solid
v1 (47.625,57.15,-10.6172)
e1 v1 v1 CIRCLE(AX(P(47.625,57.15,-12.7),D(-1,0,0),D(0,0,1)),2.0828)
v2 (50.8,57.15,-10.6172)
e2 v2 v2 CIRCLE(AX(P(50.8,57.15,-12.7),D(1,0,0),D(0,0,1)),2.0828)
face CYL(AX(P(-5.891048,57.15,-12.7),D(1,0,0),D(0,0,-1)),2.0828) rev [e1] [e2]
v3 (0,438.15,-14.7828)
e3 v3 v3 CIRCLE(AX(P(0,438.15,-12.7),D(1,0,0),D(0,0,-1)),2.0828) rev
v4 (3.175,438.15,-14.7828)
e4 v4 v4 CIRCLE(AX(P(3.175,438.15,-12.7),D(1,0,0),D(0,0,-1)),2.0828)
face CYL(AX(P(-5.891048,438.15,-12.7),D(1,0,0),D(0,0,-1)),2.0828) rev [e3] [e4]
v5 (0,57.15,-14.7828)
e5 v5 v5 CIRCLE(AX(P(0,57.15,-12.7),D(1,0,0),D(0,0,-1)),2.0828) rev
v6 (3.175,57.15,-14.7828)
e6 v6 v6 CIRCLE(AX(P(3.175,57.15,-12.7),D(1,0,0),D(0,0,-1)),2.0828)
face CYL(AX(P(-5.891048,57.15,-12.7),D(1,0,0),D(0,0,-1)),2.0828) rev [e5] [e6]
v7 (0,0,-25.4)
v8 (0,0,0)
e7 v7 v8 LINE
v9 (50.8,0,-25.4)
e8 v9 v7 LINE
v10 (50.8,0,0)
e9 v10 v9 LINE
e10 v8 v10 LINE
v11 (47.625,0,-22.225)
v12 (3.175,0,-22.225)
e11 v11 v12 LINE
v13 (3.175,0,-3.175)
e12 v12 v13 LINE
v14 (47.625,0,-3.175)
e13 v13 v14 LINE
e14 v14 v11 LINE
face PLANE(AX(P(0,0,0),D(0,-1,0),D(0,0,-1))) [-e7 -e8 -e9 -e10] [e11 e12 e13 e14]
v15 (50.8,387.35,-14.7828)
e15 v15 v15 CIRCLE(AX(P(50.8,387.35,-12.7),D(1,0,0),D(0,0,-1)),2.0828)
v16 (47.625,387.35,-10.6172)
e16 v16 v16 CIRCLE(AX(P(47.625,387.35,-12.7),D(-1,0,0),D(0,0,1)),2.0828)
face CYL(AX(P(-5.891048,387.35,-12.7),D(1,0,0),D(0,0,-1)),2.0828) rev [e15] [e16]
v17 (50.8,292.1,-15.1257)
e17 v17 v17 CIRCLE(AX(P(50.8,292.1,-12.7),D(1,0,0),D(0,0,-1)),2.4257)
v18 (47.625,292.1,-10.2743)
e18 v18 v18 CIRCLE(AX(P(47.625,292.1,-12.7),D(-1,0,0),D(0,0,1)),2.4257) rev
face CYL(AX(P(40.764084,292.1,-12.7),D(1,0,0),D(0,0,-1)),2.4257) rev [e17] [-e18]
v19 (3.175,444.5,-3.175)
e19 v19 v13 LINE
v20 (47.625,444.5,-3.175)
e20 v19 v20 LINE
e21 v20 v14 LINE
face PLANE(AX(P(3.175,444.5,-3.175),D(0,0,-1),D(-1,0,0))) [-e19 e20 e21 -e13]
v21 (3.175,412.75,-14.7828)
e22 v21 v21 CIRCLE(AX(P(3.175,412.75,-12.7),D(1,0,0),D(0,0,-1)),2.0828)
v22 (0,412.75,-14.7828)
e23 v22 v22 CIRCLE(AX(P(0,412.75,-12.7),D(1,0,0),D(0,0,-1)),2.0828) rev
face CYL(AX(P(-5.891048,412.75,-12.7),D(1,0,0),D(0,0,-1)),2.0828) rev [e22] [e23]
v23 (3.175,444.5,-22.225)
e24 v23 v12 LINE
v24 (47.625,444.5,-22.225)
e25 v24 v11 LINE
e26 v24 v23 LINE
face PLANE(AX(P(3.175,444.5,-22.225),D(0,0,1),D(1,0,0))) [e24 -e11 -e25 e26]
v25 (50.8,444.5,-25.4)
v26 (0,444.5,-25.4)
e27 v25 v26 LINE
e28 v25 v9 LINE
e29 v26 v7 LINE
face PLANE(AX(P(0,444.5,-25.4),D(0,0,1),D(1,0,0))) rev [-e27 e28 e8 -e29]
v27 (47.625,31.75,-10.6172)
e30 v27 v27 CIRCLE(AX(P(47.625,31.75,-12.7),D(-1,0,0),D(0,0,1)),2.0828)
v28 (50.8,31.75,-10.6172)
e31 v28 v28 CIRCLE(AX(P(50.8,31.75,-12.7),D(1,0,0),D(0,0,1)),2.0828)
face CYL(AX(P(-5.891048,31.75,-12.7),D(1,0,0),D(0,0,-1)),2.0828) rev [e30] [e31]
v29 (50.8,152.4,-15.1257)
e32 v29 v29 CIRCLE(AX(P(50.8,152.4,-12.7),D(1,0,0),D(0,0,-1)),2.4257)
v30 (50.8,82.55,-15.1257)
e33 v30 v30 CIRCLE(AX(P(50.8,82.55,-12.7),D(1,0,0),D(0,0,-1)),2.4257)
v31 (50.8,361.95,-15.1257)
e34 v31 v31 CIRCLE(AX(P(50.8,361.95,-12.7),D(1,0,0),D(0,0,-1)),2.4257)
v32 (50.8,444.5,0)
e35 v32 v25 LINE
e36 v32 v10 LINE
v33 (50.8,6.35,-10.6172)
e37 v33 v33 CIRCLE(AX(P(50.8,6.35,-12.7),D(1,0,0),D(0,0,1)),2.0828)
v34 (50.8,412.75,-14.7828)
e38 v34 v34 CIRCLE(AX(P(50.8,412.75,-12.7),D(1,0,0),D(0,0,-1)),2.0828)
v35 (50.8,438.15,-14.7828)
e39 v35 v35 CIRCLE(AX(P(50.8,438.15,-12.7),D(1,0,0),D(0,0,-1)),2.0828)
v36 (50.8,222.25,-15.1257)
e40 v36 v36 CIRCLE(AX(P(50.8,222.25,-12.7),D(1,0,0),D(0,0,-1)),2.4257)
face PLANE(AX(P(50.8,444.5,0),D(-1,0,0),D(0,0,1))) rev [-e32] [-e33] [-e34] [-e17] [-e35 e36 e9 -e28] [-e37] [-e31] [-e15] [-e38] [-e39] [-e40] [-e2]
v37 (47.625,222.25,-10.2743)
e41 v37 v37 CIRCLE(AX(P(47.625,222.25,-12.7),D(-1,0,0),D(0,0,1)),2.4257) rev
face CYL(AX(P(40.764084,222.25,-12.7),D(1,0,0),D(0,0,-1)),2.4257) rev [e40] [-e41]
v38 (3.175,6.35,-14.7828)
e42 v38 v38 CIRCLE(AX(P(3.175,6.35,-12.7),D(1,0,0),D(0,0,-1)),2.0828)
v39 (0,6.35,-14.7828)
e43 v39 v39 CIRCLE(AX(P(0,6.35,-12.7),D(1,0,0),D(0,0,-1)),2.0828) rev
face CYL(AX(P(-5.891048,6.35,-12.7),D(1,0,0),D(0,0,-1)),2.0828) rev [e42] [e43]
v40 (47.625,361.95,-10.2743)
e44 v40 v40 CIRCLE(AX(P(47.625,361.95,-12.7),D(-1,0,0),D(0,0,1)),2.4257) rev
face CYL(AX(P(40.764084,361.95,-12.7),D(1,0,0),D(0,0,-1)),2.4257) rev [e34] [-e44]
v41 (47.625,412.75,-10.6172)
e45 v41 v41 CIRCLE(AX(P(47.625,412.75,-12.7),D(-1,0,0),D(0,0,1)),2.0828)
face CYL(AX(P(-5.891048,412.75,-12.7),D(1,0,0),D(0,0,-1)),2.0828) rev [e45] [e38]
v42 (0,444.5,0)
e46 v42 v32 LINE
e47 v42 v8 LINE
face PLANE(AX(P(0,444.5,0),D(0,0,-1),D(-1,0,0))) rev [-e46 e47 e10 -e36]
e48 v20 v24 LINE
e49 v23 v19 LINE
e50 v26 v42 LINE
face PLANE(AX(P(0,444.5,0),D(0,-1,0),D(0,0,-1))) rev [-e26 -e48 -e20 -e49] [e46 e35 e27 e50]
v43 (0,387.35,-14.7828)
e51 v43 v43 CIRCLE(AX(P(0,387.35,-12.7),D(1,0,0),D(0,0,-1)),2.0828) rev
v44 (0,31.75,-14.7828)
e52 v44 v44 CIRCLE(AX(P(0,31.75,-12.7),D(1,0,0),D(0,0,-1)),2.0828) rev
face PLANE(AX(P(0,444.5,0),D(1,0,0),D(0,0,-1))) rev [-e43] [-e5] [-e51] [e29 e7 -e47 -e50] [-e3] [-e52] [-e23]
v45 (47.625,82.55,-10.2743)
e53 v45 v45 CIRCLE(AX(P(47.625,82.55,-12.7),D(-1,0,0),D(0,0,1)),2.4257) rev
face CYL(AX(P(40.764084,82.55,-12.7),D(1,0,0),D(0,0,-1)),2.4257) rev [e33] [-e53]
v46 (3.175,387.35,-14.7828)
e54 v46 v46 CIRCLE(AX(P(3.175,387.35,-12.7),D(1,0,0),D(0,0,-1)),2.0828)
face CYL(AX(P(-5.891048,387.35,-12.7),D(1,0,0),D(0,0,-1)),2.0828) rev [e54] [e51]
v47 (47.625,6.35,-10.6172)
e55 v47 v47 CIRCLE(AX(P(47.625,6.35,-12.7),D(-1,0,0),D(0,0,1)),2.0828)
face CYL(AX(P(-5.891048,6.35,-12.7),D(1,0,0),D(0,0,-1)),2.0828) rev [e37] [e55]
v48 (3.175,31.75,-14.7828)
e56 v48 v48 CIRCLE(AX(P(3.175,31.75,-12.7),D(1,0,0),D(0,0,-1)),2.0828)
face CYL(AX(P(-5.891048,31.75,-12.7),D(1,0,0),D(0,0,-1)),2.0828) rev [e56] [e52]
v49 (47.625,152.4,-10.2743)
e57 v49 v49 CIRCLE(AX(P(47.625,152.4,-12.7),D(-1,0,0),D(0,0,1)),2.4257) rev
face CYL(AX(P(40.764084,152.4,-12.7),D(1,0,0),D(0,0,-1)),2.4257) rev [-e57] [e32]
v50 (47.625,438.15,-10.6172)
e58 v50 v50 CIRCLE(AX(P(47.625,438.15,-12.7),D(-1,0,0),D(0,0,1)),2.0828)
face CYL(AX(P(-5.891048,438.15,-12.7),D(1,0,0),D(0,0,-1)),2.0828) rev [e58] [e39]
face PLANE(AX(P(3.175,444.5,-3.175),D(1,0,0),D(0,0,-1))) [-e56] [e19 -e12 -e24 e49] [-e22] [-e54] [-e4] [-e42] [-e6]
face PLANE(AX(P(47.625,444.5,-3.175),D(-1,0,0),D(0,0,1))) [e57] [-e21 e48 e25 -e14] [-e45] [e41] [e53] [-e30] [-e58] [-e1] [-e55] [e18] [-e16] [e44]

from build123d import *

# Parameters (mm, degrees)
SKETCH1_W           = 50.8
SKETCH1_H           = 25.4
SKETCH1_W_2         = 44.45
SKETCH1_H_2         = 19.05
BOSS_EXTRUDE1_DEPTH = 444.5
CUT_EXTRUDE1_REACH  = 412.536
SKETCH2_R           = 2.0828
SKETCH3_R           = 2.4257
CUT_EXTRUDE2_DEPTH  = 3.175


with BuildPart() as part:
    # Sketch1 → Boss-Extrude1 (new body)
    with BuildSketch(Plane(origin=(0, 0, 0), x_dir=(1, 0, 0), z_dir=(0, 1, 0))):
        with Locations((25.4, 12.7)):
            Rectangle(SKETCH1_W, SKETCH1_H)
        with Locations((25.4, 12.7)):
            Rectangle(SKETCH1_W_2, SKETCH1_H_2, mode=Mode.SUBTRACT)
    extrude(amount=BOSS_EXTRUDE1_DEPTH)

    # Cut-Extrude1: up to this face of the body (flat: up to its plane)
    cut_extrude1_end = Plane(part.part.faces().sort_by_distance((0, 222.25, -12.7))[0])
    # Sketch2 → Cut-Extrude1 (cut, up to the picked face)
    with BuildSketch(Plane(origin=(50.8, 398.917681448, 57.205629331), x_dir=(0, 0, 1), z_dir=(1, 0, 0)), mode=Mode.PRIVATE) as cut_extrude1_sk1:
        with Locations(Location((-69.905629331, -39.232318552, 0), (0, 0, 180))):
            Circle(SKETCH2_R)
    cut_extrude1_tool1 = split(extrude(cut_extrude1_sk1.sketch, amount=-CUT_EXTRUDE1_REACH, mode=Mode.PRIVATE), bisect_by=cut_extrude1_end, keep=Keep.BOTH, mode=Mode.PRIVATE)
    # Sketch2 → Cut-Extrude1 (cut, up to the picked face)
    with BuildSketch(Plane(origin=(50.8, 398.917681448, 57.205629331), x_dir=(0, 0, 1), z_dir=(1, 0, 0)), mode=Mode.PRIVATE) as cut_extrude1_sk2:
        with Locations(Location((-69.905629331, -13.832318552, 0), (0, 0, 180))):
            Circle(SKETCH2_R)
    cut_extrude1_tool2 = split(extrude(cut_extrude1_sk2.sketch, amount=-CUT_EXTRUDE1_REACH, mode=Mode.PRIVATE), bisect_by=cut_extrude1_end, keep=Keep.BOTH, mode=Mode.PRIVATE)
    # Sketch2 → Cut-Extrude1 (cut, up to the picked face)
    with BuildSketch(Plane(origin=(50.8, 398.917681448, 57.205629331), x_dir=(0, 0, 1), z_dir=(1, 0, 0)), mode=Mode.PRIVATE) as cut_extrude1_sk3:
        with Locations(Location((-69.905629331, 11.567681448, 0), (0, 0, 180))):
            Circle(SKETCH2_R)
    cut_extrude1_tool3 = split(extrude(cut_extrude1_sk3.sketch, amount=-CUT_EXTRUDE1_REACH, mode=Mode.PRIVATE), bisect_by=cut_extrude1_end, keep=Keep.BOTH, mode=Mode.PRIVATE)
    # Sketch2 → Cut-Extrude1 (cut, up to the picked face)
    with BuildSketch(Plane(origin=(50.8, 398.917681448, 57.205629331), x_dir=(0, 0, 1), z_dir=(1, 0, 0)), mode=Mode.PRIVATE) as cut_extrude1_sk4:
        with Locations(Location((-69.905629331, 341.767681448, 0), (0, 0, 180))):
            Circle(SKETCH2_R)
    cut_extrude1_tool4 = split(extrude(cut_extrude1_sk4.sketch, amount=-CUT_EXTRUDE1_REACH, mode=Mode.PRIVATE), bisect_by=cut_extrude1_end, keep=Keep.BOTH, mode=Mode.PRIVATE)
    # Sketch2 → Cut-Extrude1 (cut, up to the picked face)
    with BuildSketch(Plane(origin=(50.8, 398.917681448, 57.205629331), x_dir=(0, 0, 1), z_dir=(1, 0, 0)), mode=Mode.PRIVATE) as cut_extrude1_sk5:
        with Locations(Location((-69.905629331, 367.167681448, 0), (0, 0, 180))):
            Circle(SKETCH2_R)
    cut_extrude1_tool5 = split(extrude(cut_extrude1_sk5.sketch, amount=-CUT_EXTRUDE1_REACH, mode=Mode.PRIVATE), bisect_by=cut_extrude1_end, keep=Keep.BOTH, mode=Mode.PRIVATE)
    # Sketch2 → Cut-Extrude1 (cut, up to the picked face)
    with BuildSketch(Plane(origin=(50.8, 398.917681448, 57.205629331), x_dir=(0, 0, 1), z_dir=(1, 0, 0)), mode=Mode.PRIVATE) as cut_extrude1_sk6:
        with Locations(Location((-69.905629331, 392.567681448, 0), (0, 0, 180))):
            Circle(SKETCH2_R)
    cut_extrude1_tool6 = split(extrude(cut_extrude1_sk6.sketch, amount=-CUT_EXTRUDE1_REACH, mode=Mode.PRIVATE), bisect_by=cut_extrude1_end, keep=Keep.BOTH, mode=Mode.PRIVATE)
    add(cut_extrude1_tool1.solids().sort_by(Axis((50.8, 438.15, -12.7), (-1, 0, 0)))[0], mode=Mode.SUBTRACT)
    add(cut_extrude1_tool2.solids().sort_by(Axis((50.8, 412.75, -12.7), (-1, 0, 0)))[0], mode=Mode.SUBTRACT)
    add(cut_extrude1_tool3.solids().sort_by(Axis((50.8, 387.35, -12.7), (-1, 0, 0)))[0], mode=Mode.SUBTRACT)
    add(cut_extrude1_tool4.solids().sort_by(Axis((50.8, 57.15, -12.7), (-1, 0, 0)))[0], mode=Mode.SUBTRACT)
    add(cut_extrude1_tool5.solids().sort_by(Axis((50.8, 31.75, -12.7), (-1, 0, 0)))[0], mode=Mode.SUBTRACT)
    add(cut_extrude1_tool6.solids().sort_by(Axis((50.8, 6.35, -12.7), (-1, 0, 0)))[0], mode=Mode.SUBTRACT)

    # Sketch3 → Cut-Extrude2 (cut)
    with BuildSketch(Plane(origin=(50.8, 398.917681448, 57.205629331), x_dir=(0, 0, 1), z_dir=(1, 0, 0))):
        with Locations(Location((-69.905629331, 36.967681448, 0), (0, 0, 180))):
            Circle(SKETCH3_R)
        with Locations(Location((-69.905629331, 106.817681448, 0), (0, 0, 180))):
            Circle(SKETCH3_R)
        with Locations(Location((-69.905629331, 176.667681448, 0), (0, 0, 180))):
            Circle(SKETCH3_R)
        with Locations(Location((-69.905629331, 246.517681448, 0), (0, 0, 180))):
            Circle(SKETCH3_R)
        with Locations(Location((-69.905629331, 316.367681448, 0), (0, 0, 180))):
            Circle(SKETCH3_R)
    extrude(amount=-CUT_EXTRUDE2_DEPTH, mode=Mode.SUBTRACT)


solid = part.part
